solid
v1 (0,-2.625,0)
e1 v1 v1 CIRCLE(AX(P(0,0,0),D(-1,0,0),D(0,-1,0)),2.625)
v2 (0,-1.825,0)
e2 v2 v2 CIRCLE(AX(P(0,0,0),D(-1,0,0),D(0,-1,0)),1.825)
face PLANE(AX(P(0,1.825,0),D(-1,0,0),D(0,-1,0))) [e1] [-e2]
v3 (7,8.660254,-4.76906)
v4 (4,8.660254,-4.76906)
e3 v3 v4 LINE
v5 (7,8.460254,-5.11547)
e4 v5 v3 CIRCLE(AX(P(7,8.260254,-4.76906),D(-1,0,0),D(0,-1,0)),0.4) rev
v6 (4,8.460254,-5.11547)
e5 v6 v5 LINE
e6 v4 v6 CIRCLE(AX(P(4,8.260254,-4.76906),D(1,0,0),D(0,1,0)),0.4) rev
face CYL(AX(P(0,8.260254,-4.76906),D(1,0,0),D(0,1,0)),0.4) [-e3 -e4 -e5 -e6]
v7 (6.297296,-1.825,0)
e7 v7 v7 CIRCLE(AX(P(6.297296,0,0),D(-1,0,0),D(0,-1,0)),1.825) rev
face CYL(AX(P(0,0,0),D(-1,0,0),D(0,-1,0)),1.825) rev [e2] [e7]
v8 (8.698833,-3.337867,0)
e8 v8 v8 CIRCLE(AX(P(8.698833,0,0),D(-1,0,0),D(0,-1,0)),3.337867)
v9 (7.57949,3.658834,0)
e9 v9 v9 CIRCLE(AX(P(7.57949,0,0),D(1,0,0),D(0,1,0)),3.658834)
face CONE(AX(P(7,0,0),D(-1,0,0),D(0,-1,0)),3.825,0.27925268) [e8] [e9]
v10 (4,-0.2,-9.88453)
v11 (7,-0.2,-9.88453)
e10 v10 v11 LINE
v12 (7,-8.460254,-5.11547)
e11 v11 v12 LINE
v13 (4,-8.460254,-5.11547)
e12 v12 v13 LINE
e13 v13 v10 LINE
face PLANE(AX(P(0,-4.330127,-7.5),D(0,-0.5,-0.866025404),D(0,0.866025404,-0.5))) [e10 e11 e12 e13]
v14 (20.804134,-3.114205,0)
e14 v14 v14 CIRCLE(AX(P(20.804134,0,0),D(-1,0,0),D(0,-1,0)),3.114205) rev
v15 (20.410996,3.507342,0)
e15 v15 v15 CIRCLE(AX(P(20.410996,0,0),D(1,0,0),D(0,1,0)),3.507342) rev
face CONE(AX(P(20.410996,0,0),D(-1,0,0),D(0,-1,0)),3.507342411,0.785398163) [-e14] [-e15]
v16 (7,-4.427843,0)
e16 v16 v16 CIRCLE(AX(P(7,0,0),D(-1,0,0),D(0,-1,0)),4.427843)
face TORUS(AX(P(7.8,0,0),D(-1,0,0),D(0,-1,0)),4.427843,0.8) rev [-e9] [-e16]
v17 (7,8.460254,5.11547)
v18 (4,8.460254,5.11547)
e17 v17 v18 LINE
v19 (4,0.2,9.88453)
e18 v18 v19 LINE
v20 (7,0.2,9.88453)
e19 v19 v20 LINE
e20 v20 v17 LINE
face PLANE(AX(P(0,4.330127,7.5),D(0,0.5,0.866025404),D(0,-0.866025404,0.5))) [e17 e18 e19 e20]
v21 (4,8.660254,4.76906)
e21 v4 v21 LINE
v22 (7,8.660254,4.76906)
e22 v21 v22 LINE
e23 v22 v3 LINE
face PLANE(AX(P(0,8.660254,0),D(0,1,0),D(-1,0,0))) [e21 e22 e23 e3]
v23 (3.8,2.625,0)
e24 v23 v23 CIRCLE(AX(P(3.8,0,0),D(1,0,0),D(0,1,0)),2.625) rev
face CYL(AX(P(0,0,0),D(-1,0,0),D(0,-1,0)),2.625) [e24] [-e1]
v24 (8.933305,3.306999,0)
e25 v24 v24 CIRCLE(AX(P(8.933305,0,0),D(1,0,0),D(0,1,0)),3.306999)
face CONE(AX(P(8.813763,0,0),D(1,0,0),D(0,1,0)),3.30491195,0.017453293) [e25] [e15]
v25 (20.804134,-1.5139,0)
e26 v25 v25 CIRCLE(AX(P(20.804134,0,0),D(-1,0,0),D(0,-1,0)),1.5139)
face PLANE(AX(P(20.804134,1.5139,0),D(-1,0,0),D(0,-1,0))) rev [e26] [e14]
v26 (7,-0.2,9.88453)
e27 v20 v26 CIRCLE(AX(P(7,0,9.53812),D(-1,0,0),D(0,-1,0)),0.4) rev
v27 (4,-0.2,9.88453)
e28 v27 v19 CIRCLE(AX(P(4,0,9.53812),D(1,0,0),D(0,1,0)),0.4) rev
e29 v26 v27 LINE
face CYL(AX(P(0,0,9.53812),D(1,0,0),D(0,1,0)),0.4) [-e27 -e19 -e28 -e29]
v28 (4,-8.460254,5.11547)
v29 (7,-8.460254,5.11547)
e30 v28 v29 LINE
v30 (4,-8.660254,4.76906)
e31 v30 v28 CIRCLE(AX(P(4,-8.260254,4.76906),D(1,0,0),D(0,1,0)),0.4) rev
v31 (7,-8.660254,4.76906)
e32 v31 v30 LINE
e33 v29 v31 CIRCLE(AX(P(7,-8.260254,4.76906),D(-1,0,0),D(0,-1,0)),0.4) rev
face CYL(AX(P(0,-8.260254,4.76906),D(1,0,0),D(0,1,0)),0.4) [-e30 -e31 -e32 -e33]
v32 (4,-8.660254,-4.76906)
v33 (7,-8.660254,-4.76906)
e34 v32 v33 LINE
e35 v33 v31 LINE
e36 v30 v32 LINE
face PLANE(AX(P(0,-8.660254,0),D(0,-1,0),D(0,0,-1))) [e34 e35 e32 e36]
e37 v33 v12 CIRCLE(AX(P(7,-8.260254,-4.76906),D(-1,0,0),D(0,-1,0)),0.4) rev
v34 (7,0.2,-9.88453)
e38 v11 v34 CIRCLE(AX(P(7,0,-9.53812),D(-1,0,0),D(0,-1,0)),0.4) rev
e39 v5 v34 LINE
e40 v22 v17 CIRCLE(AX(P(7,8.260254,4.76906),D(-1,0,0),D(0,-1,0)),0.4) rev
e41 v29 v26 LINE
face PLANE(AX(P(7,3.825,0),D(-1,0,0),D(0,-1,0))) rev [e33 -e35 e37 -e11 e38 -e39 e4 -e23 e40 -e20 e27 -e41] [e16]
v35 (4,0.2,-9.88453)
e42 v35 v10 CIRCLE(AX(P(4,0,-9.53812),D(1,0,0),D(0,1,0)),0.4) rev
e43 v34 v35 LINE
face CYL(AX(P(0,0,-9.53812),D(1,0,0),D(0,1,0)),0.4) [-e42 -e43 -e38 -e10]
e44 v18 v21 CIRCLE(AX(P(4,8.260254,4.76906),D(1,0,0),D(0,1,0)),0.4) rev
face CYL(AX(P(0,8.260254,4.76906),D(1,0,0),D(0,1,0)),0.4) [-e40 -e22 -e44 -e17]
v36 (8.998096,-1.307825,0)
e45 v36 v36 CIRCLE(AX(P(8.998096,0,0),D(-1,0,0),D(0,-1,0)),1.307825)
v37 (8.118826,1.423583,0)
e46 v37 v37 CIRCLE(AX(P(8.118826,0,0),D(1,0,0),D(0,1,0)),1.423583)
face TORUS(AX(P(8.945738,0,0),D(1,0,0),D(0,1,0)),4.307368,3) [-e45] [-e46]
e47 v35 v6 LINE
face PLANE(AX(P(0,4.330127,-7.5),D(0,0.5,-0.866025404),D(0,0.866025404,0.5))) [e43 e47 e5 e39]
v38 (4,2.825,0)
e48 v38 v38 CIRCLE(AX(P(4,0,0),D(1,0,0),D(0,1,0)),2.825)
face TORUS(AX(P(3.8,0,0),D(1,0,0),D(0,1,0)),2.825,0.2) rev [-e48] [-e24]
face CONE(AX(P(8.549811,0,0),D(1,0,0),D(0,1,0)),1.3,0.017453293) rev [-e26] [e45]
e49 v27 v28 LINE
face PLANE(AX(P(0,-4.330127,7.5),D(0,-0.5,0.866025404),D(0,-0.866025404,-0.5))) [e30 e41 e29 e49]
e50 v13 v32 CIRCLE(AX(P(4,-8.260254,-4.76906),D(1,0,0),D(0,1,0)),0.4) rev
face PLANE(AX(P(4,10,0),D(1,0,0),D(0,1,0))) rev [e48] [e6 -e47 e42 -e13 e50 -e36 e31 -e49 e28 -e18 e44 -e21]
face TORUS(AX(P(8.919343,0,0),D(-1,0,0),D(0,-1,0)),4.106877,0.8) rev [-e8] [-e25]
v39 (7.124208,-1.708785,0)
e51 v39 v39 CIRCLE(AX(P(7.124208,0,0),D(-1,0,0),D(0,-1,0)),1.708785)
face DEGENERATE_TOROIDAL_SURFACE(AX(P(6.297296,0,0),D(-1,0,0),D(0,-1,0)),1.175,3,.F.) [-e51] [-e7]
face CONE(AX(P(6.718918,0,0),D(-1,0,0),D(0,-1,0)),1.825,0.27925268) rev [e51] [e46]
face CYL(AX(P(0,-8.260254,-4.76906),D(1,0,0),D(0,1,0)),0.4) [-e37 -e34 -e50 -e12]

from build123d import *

# Parameters (mm, degrees)
FILLET4_R               = 3
CHAMFER1_SIZE2          = 0.393197641
CHAMFER1_SIZE           = 0.4
CUT_EXTRUDE1_DEPTH      = 14.804133806
CUT_EXTRUDE1_DEPTH_BACK = 8.0000001
FILLET5_R               = 0.4
FILLET6_R               = 0.8
FILLET7_R               = 0.2


with BuildPart() as part:
    # Sketch1 → Revolve1 (revolve)
    with BuildSketch(Plane.XY):
        Polygon((0, 1.825), (6.718918331, 1.825), (8.549810914, 1.3), (20.804133706, 1.5139), (20.804133706, 3.514204656), (8.813762579, 3.30491195), (7, 3.825), (7, 10), (4, 10), (4, 2.625), (0, 2.625), align=None)
    revolve(axis=Axis((0, 0, 0), (1, 0, 0)))

    # Fillet4
    fillet4_edges = [part.edges().sort_by_distance(p)[0] for p in [
        (8.549810914, -1.3, 0),
        (6.718918331, -1.825, 0),
    ]]
    fillet(fillet4_edges, radius=FILLET4_R)

    # Chamfer1
    chamfer1_edges = [part.edges().sort_by_distance(p)[0] for p in [
        (20.804133706, -3.514204656, 0),
    ]]
    chamfer(chamfer1_edges, length=CHAMFER1_SIZE, length2=CHAMFER1_SIZE2)

    # Sketch2 → Cut-Extrude1 (cut, two sides)
    with BuildSketch(Plane(origin=(7, 0, 0), x_dir=(0, 0, -1), z_dir=(1, 0, 0))) as cut_extrude1_sk:
        with BuildLine():
            Line((-10, 0), (-5, 8.660254038))
            ThreePointArc((-5, 8.660254038), (-8.660254038, 5), (-10, 0))
        make_face()
        with BuildLine():
            Line((-5, 8.660254038), (5, 8.660254038))
            ThreePointArc((5, 8.660254038), (0, 10), (-5, 8.660254038))
        make_face()
        with BuildLine():
            Line((5, 8.660254038), (10, 0))
            ThreePointArc((10, 0), (8.660254038, 5), (5, 8.660254038))
        make_face()
        with BuildLine():
            ThreePointArc((-10, 0), (-8.660254038, -5), (-5, -8.660254038))
            Line((-5, -8.660254038), (-10, 0))
        make_face()
        with BuildLine():
            ThreePointArc((-5, -8.660254038), (0, -10), (5, -8.660254038))
            Line((5, -8.660254038), (-5, -8.660254038))
        make_face()
        with BuildLine():
            ThreePointArc((5, -8.660254038), (8.660254038, -5), (10, 0))
            Line((10, 0), (5, -8.660254038))
        make_face()
    extrude(amount=CUT_EXTRUDE1_DEPTH, mode=Mode.SUBTRACT)
    extrude(cut_extrude1_sk.sketch, amount=-CUT_EXTRUDE1_DEPTH_BACK, mode=Mode.SUBTRACT)

    # Fillet5
    fillet5_edges = [part.edges().sort_by_distance(p)[0] for p in [
        (5.5, 8.660254038, 5),
        (5.5, 0, 10),
        (5.5, 0, -10),
        (5.5, 8.660254038, -5),
        (5.5, -8.660254038, 5),
        (5.5, -8.660254038, -5),
    ]]
    fillet(fillet5_edges, radius=FILLET5_R)

    # Fillet6
    fillet6_edges = [part.edges().sort_by_distance(p)[0] for p in [
        (7, -3.825, 0),
        (8.813762579, -3.30491195, 0),
    ]]
    fillet(fillet6_edges, radius=FILLET6_R)

    # Fillet7
    fillet7_edges = [part.edges().sort_by_distance(p)[0] for p in [
        (4, -2.625, 0),
    ]]
    fillet(fillet7_edges, radius=FILLET7_R)


solid = part.part
